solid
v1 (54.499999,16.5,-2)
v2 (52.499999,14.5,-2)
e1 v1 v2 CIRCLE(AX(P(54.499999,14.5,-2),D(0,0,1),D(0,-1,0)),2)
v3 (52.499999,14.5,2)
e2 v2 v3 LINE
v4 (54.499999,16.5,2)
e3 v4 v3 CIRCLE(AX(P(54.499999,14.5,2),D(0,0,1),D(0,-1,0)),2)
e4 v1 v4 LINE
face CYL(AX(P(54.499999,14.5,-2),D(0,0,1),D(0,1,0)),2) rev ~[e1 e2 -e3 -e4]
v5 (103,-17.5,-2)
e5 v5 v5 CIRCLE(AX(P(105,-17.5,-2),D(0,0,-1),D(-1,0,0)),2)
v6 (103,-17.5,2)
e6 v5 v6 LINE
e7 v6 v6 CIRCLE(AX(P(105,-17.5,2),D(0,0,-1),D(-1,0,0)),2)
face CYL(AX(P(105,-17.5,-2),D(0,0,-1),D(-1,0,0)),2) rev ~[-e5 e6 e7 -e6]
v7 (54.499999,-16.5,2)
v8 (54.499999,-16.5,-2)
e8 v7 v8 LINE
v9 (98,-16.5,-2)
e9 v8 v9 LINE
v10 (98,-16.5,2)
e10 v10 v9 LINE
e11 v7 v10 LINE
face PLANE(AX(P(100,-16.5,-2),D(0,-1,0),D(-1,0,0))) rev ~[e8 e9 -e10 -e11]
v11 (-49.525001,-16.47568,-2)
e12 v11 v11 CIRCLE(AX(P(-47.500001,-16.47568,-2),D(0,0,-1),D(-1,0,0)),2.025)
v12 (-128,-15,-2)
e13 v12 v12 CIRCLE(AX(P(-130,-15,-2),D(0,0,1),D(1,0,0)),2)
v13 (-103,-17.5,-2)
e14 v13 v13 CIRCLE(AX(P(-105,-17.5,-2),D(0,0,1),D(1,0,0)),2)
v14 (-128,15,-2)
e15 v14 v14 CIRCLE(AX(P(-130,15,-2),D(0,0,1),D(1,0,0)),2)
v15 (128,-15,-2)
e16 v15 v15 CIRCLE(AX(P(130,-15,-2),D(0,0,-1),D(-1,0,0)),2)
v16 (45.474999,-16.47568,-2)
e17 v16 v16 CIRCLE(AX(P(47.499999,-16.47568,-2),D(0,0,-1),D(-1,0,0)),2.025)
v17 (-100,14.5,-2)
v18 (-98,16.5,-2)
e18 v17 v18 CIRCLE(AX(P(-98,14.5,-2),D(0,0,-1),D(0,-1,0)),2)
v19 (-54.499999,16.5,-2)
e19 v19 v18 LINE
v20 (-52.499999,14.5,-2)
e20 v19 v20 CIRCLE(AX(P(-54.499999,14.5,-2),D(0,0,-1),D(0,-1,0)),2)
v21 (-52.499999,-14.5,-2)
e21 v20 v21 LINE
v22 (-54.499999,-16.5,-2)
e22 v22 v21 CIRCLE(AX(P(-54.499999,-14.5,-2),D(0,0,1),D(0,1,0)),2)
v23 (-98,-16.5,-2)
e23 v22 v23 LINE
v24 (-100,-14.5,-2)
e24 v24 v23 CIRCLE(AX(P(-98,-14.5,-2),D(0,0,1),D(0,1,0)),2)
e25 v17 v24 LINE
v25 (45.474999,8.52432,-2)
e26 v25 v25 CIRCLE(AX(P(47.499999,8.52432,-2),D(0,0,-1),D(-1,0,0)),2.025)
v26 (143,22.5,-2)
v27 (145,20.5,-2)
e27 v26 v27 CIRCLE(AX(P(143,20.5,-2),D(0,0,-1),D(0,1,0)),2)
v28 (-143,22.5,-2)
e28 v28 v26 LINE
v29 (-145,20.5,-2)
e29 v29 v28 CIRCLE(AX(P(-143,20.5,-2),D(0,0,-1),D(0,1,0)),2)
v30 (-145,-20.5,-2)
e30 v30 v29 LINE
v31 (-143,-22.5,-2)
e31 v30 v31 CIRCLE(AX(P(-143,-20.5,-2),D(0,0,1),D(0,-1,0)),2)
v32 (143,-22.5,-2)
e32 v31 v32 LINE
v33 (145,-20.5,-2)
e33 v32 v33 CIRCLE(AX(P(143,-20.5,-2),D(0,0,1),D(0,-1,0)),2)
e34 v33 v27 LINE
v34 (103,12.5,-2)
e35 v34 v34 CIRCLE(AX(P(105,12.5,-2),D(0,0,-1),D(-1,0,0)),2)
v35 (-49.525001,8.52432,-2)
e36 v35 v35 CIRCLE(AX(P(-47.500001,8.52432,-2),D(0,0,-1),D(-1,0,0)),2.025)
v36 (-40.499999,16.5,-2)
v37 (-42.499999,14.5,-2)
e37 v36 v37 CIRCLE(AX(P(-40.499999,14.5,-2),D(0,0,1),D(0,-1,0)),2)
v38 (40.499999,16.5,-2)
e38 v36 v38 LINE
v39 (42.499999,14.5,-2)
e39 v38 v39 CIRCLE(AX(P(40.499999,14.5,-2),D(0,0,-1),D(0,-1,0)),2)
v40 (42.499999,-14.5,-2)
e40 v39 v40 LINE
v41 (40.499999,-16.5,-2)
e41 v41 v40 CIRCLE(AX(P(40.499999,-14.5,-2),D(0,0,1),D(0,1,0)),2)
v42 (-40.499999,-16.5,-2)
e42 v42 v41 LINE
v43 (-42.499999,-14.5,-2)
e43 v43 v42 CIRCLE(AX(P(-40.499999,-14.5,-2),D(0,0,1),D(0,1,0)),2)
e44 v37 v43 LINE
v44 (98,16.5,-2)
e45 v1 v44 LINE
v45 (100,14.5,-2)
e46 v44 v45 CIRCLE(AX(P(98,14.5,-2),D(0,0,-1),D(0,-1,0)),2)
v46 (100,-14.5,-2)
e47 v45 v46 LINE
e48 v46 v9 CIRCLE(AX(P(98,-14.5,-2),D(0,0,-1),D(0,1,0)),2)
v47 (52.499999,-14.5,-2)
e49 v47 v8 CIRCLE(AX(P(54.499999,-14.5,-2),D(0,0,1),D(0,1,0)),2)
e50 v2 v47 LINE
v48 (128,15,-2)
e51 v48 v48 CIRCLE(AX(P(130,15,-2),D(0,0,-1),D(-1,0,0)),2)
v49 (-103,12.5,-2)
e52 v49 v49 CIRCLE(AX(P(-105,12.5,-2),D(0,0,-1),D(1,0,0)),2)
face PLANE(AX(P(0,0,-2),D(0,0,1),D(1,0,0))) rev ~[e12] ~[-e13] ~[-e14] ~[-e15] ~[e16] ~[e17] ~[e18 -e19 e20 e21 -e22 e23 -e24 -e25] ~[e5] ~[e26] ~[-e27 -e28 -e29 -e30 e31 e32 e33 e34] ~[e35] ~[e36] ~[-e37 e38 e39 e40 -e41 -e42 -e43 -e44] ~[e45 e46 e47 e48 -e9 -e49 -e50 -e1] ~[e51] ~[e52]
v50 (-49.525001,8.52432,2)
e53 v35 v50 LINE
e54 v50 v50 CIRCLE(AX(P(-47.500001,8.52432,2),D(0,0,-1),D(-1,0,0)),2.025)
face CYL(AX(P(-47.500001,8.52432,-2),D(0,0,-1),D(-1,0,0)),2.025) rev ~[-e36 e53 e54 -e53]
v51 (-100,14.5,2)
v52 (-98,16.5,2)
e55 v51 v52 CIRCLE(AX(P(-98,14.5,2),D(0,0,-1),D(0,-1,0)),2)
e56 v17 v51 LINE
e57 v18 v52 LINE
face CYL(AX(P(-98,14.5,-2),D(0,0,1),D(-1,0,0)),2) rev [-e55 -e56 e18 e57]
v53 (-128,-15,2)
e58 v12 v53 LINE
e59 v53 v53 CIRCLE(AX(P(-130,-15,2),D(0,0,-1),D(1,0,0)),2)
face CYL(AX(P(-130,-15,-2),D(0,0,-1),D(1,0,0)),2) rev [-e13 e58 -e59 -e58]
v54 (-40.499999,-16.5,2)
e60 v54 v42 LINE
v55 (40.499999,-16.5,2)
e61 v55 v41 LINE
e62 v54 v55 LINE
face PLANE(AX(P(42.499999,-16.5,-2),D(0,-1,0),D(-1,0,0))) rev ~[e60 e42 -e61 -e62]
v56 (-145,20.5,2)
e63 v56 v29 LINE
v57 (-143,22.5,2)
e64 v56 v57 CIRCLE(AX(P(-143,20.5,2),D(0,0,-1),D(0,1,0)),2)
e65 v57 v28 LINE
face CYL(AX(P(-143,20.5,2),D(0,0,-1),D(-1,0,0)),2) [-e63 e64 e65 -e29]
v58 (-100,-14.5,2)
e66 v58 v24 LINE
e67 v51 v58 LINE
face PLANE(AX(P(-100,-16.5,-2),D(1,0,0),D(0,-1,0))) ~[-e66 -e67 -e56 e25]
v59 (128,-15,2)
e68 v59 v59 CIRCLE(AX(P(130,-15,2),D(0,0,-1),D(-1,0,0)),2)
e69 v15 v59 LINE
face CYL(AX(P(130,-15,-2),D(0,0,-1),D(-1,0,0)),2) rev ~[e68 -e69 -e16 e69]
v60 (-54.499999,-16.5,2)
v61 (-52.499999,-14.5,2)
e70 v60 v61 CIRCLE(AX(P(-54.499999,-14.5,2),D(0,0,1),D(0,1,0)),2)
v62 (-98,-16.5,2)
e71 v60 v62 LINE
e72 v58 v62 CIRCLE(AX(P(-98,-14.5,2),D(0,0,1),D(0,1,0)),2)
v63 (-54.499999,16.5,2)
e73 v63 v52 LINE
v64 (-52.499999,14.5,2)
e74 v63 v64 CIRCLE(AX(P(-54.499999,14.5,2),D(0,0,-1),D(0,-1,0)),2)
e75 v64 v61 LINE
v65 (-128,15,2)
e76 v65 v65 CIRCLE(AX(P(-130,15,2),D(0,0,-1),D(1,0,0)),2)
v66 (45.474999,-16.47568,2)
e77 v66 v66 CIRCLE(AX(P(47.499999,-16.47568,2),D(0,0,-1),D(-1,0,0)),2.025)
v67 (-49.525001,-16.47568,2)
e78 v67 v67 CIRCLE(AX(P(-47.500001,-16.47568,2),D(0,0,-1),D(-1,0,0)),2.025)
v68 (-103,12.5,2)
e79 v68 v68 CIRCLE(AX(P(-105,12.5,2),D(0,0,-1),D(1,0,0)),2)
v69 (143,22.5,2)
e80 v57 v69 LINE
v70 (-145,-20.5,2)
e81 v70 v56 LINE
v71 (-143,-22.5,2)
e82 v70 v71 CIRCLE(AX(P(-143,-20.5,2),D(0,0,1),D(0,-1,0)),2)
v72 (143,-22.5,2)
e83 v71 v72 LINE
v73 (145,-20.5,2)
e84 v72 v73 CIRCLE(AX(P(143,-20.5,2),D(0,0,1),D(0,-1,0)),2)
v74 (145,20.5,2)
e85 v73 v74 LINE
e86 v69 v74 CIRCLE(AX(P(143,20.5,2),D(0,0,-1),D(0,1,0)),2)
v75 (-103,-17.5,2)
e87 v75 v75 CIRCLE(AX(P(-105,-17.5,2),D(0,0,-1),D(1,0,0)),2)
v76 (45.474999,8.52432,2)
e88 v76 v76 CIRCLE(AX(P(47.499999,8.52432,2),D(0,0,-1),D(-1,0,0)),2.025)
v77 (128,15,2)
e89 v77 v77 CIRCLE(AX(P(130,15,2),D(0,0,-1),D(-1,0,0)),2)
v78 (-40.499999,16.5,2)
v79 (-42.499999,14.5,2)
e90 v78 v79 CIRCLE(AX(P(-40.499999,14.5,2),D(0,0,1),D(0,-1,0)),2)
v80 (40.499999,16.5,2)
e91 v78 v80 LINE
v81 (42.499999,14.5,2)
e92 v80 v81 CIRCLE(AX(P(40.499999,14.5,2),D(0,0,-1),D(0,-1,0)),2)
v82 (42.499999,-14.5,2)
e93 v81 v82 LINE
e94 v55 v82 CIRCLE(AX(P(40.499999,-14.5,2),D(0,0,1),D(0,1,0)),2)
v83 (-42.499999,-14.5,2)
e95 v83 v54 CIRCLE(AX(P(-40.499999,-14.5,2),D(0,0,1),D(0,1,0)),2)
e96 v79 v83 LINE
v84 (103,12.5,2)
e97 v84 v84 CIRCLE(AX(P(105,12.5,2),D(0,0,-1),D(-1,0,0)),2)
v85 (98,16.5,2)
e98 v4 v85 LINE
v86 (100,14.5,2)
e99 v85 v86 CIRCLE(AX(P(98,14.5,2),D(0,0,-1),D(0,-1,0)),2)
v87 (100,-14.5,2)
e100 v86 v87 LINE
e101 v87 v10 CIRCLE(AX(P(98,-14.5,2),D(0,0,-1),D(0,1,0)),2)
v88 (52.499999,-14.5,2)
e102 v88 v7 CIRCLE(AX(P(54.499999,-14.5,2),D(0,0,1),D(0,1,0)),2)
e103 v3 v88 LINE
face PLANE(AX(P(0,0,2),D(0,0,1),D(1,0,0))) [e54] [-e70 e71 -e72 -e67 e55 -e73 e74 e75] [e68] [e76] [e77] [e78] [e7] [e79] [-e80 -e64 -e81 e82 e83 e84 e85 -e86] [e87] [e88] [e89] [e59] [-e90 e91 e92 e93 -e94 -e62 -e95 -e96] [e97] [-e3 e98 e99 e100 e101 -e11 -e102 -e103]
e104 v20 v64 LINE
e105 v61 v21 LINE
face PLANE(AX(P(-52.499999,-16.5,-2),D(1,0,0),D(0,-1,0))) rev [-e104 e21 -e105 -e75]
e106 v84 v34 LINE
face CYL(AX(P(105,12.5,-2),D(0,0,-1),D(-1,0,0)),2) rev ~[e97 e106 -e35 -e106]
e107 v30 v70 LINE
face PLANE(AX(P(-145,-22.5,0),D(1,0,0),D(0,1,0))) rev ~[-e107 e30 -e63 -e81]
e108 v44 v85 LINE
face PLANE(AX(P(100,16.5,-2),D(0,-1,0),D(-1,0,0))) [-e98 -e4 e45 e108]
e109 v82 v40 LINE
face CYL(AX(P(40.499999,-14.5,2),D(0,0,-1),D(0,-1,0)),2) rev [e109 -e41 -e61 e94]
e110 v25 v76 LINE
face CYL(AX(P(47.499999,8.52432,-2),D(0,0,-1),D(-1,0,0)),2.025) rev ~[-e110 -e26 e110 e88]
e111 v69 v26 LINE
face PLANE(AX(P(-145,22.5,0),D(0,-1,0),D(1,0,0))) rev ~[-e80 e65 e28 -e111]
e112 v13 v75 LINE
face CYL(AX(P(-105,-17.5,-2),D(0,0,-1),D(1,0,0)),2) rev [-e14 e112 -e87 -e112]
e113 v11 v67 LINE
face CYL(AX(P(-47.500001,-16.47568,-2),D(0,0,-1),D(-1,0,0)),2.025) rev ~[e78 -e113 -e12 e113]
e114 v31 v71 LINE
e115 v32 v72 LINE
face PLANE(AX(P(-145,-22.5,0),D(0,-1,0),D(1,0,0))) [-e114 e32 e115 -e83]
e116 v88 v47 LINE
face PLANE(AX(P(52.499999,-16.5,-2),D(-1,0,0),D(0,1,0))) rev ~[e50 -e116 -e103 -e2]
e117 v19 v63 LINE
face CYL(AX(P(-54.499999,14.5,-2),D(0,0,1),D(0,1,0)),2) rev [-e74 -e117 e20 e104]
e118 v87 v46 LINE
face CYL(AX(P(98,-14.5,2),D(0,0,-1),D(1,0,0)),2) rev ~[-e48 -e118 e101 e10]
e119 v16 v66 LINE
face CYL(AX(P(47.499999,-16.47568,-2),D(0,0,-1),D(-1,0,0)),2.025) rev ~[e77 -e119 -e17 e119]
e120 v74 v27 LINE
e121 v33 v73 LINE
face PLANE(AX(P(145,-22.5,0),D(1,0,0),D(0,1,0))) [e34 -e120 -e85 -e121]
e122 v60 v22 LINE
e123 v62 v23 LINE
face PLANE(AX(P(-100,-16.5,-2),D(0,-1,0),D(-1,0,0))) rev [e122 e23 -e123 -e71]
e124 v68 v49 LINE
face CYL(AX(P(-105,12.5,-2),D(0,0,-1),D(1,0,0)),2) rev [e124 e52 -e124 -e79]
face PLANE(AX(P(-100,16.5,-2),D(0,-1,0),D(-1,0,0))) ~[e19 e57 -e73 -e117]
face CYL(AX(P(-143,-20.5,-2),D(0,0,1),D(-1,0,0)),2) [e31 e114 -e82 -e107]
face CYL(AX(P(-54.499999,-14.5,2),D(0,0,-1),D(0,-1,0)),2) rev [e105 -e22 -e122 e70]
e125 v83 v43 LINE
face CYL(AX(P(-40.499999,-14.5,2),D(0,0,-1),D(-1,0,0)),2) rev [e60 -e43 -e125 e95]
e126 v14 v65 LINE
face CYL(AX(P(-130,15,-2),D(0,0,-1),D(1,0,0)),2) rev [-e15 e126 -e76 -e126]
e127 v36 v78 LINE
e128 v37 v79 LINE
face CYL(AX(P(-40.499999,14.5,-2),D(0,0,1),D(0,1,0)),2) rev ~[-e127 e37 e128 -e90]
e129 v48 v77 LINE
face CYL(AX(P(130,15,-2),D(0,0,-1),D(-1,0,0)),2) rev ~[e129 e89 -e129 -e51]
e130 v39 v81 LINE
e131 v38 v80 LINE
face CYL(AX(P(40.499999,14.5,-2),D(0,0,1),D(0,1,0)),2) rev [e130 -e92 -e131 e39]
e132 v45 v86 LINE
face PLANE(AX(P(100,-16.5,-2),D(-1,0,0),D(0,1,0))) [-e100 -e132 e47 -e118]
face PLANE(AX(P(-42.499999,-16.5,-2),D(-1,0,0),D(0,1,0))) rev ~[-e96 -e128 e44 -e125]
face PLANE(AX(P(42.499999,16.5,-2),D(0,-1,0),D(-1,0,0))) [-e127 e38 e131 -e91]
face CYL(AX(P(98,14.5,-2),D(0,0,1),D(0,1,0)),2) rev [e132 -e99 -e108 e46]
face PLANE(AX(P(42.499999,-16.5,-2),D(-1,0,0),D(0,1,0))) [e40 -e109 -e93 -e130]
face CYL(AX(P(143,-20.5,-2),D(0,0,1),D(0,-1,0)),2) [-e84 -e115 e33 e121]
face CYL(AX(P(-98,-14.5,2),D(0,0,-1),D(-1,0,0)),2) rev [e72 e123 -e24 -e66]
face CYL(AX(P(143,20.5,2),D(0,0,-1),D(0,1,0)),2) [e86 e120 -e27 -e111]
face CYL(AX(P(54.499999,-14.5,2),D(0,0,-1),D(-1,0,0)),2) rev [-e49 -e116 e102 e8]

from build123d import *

# Parameters (mm, degrees)
SKETCH_1_W          = 290
SKETCH_1_H          = 45
EXTRUDE_1_DEPTH     = 2
SKETCH_3_R          = 2.025
CUT_EXTRUDE_1_DEPTH = 10
SKETCH_4_R          = 2
CUT_EXTRUDE_2_DEPTH = 10
SKETCH_5_R          = 2
CUT_EXTRUDE_3_DEPTH = 35
SKETCH_6_W          = 47.500000831
SKETCH_6_H          = 33
CUT_EXTRUDE_4_DEPTH = 129.5
SKETCH_7_W          = 84.999998338
SKETCH_7_H          = 33
CUT_EXTRUDE_5_DEPTH = 129.5
FILLET_1_R          = 2
FILLET_2_R          = 2


with BuildPart() as part:
    # 草图1 → 凸台-拉伸1 (new, symmetric)
    with BuildSketch(Plane.XY):
        Rectangle(SKETCH_1_W, SKETCH_1_H)
    extrude(amount=EXTRUDE_1_DEPTH, both=True)

    # 草图3 → 切除-拉伸1 (cut)
    with BuildSketch(Plane(origin=(0, 0, -2), x_dir=(-1, 0, 0), z_dir=(0, 0, -1))):
        with Locations((-47.499999169, 8.524320115)):
            Circle(SKETCH_3_R)
        with Locations((-47.499999169, -16.475679885)):
            Circle(SKETCH_3_R)
        with Locations((47.500000831, 8.524320115)):
            Circle(SKETCH_3_R)
        with Locations((47.500000831, -16.475679885)):
            Circle(SKETCH_3_R)
    extrude(amount=-CUT_EXTRUDE_1_DEPTH, mode=Mode.SUBTRACT)

    # 草图4 → 切除-拉伸2 (cut)
    with BuildSketch(Plane(origin=(0, 0, -2), x_dir=(-1, 0, 0), z_dir=(0, 0, -1))):
        with Locations((-130, 15)):
            Circle(SKETCH_4_R)
        with Locations((-130, -15)):
            Circle(SKETCH_4_R)
    cut_extrude_2 = extrude(amount=-CUT_EXTRUDE_2_DEPTH, mode=Mode.SUBTRACT)

    # 镜向1: 切除-拉伸2 across plane
    add(cut_extrude_2.mirror(Plane(origin=(0, 0, 0), x_dir=(0, 0, 1), z_dir=(1, 0, 0))), mode=Mode.SUBTRACT)

    # 草图5 → 切除-拉伸3 (cut, symmetric)
    with BuildSketch(Plane(origin=(0, 0, -2), x_dir=(-1, 0, 0), z_dir=(0, 0, -1))):
        with Locations((-105, -17.5)):
            Circle(SKETCH_5_R)
        with Locations((-105, 12.5)):
            Circle(SKETCH_5_R)
    cut_extrude_3 = extrude(amount=CUT_EXTRUDE_3_DEPTH, both=True, mode=Mode.SUBTRACT)

    # 镜向2: 切除-拉伸3 across plane
    add(cut_extrude_3.mirror(Plane(origin=(0, 0, 0), x_dir=(0, 0, 1), z_dir=(1, 0, 0))), mode=Mode.SUBTRACT)

    # 草图6 → 切除-拉伸4 (cut, symmetric)
    with BuildSketch(Plane(origin=(0, 0, -2), x_dir=(-1, 0, 0), z_dir=(0, 0, -1))):
        with Locations((-76.249999585, 0)):
            Rectangle(SKETCH_6_W, SKETCH_6_H)
    cut_extrude_4 = extrude(amount=CUT_EXTRUDE_4_DEPTH, both=True, mode=Mode.SUBTRACT)

    # 镜向3: 切除-拉伸4 across plane
    add(cut_extrude_4.mirror(Plane(origin=(0, 0, 0), x_dir=(0, 0, 1), z_dir=(1, 0, 0))), mode=Mode.SUBTRACT)

    # 草图7 → 切除-拉伸5 (cut, symmetric)
    with BuildSketch(Plane(origin=(0, 0, -2), x_dir=(-1, 0, 0), z_dir=(0, 0, -1))):
        Rectangle(SKETCH_7_W, SKETCH_7_H)
    extrude(amount=CUT_EXTRUDE_5_DEPTH, both=True, mode=Mode.SUBTRACT)

    # 圆角1
    fillet_1_edges = [part.edges().sort_by_distance(p)[0] for p in [
        (-52.499999169, -16.5, 0),
        (-52.499999169, 16.5, 0),
        (-100, 16.5, 0),
        (-100, -16.5, 0),
        (-42.499999169, 16.5, 0),
        (-42.499999169, -16.5, 0),
        (42.499999169, -16.5, 0),
        (42.499999169, 16.5, 0),
        (52.499999169, 16.5, 0),
        (52.499999169, -16.5, 0),
        (100, -16.5, 0),
        (100, 16.5, 0),
    ]]
    fillet(fillet_1_edges, radius=FILLET_1_R)

    # 圆角2
    fillet_2_edges = [part.edges().sort_by_distance(p)[0] for p in [
        (145, -22.5, 0),
        (-145, -22.5, 0),
        (-145, 22.5, 0),
        (145, 22.5, 0),
    ]]
    fillet(fillet_2_edges, radius=FILLET_2_R)


solid = part.part
